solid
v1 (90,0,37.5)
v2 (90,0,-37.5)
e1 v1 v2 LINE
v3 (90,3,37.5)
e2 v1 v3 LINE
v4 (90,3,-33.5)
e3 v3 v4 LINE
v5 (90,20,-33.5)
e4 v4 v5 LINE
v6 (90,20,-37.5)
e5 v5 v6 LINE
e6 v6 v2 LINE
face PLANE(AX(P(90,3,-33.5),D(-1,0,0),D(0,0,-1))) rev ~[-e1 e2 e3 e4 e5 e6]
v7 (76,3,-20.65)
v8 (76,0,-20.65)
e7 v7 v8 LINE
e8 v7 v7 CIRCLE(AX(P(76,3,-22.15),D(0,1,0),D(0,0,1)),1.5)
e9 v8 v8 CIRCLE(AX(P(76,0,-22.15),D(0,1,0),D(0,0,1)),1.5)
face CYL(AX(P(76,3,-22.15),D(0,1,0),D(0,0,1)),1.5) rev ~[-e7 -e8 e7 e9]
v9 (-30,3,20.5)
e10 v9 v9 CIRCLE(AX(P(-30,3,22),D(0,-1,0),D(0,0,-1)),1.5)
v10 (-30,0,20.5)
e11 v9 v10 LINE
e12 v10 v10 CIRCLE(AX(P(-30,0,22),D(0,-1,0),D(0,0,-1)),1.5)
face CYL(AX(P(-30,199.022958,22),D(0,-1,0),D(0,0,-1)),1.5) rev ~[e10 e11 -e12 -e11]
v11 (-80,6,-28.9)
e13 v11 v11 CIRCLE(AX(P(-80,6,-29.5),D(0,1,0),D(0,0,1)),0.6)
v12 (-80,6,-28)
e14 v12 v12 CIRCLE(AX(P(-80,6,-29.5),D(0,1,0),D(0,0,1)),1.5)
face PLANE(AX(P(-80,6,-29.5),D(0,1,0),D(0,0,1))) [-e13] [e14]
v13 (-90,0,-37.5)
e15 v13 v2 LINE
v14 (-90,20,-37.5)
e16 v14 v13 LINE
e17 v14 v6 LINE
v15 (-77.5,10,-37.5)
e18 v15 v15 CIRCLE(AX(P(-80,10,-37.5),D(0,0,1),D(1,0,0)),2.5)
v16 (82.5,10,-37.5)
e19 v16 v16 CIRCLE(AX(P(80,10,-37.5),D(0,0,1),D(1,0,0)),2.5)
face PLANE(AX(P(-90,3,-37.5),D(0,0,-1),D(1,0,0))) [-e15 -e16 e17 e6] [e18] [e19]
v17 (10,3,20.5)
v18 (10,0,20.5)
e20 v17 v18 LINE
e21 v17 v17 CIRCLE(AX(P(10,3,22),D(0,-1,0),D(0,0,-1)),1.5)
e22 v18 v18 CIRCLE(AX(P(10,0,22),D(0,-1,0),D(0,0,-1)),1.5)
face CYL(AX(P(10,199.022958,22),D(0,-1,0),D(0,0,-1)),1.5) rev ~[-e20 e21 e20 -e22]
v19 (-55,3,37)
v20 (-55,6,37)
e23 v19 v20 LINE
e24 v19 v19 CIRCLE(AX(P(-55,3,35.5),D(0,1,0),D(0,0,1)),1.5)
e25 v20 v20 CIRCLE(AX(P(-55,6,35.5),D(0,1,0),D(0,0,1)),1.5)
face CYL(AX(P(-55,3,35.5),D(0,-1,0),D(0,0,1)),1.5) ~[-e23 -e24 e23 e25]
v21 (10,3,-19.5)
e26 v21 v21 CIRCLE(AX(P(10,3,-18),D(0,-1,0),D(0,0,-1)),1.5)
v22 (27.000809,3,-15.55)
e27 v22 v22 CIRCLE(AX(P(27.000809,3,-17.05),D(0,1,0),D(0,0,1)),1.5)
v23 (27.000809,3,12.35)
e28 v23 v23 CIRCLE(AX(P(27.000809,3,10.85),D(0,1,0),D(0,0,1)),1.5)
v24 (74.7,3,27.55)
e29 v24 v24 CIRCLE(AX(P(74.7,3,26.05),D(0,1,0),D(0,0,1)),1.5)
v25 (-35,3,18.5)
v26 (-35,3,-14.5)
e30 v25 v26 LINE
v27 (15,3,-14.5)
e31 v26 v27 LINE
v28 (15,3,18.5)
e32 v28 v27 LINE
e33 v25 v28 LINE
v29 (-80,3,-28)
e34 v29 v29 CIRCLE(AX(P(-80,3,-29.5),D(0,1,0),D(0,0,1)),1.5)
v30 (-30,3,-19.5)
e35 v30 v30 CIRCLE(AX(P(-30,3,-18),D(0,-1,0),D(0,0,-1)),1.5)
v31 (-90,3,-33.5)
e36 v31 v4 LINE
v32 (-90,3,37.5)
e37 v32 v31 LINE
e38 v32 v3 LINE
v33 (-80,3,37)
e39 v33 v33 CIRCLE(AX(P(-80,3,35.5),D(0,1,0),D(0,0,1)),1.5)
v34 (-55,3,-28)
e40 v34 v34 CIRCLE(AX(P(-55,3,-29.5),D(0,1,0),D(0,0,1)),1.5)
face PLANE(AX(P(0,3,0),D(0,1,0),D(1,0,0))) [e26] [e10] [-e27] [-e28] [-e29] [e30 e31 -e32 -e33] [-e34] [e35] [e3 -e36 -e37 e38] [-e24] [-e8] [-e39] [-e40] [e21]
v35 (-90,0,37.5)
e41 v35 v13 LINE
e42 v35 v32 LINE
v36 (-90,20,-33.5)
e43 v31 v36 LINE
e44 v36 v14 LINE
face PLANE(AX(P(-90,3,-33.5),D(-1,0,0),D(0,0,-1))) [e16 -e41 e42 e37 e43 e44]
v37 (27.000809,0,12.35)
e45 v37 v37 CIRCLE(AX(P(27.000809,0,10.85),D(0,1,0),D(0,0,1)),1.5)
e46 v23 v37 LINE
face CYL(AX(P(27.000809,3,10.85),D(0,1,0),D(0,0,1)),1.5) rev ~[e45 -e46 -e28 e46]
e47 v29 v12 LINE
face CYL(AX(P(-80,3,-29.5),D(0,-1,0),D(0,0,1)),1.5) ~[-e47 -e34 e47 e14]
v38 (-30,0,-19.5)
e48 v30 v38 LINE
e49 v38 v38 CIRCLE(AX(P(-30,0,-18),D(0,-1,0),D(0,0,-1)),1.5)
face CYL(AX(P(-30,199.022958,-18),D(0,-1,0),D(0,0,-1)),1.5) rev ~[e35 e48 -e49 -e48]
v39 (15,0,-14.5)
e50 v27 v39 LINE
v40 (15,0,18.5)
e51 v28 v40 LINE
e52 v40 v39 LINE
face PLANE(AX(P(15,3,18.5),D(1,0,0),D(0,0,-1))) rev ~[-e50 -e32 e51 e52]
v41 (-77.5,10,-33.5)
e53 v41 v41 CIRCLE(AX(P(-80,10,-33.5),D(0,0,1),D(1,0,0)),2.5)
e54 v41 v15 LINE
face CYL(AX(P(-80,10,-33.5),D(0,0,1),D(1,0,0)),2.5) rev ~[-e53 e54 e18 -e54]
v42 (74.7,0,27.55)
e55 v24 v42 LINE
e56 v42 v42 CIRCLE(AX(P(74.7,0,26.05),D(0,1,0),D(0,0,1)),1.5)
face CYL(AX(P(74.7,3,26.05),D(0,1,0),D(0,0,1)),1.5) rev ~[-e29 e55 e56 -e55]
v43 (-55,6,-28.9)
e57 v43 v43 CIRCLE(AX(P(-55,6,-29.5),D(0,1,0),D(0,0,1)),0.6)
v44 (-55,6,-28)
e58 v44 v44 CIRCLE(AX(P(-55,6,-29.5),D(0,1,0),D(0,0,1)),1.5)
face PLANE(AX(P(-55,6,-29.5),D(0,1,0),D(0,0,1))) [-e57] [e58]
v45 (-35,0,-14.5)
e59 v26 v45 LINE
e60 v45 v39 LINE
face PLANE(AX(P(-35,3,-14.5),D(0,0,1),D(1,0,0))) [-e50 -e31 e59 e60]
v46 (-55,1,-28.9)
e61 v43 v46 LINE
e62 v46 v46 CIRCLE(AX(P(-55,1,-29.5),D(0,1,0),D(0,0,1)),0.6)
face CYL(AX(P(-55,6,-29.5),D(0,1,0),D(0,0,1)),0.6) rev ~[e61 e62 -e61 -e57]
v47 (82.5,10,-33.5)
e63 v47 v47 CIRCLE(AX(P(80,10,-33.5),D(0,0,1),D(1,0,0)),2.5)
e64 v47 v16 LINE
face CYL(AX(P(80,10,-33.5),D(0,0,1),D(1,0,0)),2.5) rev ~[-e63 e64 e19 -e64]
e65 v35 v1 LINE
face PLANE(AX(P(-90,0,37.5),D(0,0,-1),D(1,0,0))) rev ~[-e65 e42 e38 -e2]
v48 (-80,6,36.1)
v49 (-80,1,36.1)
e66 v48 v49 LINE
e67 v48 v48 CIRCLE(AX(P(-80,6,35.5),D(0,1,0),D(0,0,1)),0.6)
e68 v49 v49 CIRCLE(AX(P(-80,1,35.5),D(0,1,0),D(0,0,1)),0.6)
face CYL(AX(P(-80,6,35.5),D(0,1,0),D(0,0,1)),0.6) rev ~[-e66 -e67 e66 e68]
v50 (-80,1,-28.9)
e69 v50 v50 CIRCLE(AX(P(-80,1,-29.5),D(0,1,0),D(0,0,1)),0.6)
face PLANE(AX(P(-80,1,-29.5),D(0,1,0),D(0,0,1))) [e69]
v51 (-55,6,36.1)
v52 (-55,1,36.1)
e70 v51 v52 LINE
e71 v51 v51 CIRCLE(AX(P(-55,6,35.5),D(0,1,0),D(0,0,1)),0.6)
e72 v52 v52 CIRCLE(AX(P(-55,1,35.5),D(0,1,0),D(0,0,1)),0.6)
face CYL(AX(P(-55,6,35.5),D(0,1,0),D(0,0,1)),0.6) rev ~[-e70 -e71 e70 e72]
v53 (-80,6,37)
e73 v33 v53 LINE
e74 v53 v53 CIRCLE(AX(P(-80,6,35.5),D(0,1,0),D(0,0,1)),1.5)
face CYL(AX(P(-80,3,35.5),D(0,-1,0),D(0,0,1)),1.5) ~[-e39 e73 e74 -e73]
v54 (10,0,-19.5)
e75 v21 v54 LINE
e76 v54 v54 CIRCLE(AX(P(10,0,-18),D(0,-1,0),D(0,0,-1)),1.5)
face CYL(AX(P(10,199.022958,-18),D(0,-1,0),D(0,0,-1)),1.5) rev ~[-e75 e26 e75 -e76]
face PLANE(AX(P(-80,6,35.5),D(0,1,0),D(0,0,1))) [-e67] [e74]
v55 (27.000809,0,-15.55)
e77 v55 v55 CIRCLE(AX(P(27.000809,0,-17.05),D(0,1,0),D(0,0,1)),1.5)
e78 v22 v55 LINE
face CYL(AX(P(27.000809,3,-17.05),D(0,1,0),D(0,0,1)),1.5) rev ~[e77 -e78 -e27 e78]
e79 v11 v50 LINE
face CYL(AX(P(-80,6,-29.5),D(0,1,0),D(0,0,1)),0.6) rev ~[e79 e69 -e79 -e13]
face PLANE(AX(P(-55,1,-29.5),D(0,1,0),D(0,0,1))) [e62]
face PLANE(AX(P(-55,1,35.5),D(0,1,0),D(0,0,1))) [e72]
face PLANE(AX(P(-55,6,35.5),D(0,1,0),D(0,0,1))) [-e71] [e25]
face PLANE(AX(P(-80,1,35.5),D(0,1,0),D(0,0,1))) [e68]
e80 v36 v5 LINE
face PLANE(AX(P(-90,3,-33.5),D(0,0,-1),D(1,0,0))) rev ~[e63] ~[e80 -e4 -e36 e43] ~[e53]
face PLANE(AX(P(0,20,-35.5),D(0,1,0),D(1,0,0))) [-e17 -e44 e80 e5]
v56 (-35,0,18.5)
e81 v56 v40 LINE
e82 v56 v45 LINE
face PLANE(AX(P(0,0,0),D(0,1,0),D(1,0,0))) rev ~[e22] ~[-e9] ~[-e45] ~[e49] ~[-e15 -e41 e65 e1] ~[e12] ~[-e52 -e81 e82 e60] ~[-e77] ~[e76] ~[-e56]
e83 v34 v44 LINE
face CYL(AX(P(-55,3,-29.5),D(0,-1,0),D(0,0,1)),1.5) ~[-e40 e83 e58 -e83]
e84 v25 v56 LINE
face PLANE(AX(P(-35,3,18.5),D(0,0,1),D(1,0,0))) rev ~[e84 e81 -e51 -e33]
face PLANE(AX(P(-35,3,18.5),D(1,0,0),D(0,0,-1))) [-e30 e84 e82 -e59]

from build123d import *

# Parameters (mm, degrees)
SKETCH1_W             = 180
SKETCH1_H             = 75
BOSS_EXTRUDE1_DEPTH   = 3
SKETCH2_W             = 180
SKETCH2_H             = 4
BOSS_EXTRUDE2_DEPTH   = 17
SKETCH3_R             = 1.5
BOSS_EXTRUDE3_DEPTH   = 3
SKETCH4_R             = 0.6
CUT_EXTRUDE1_DEPTH    = 5
SKETCH5_W             = 50
SKETCH5_H             = 33
CUT_EXTRUDE2_DEPTH    = 5
F_3_0MM_DOWEL_HOLE1_D = 3
CUT_EXTRUDE3_REACH    = 100.971
SKETCH8_R             = 1.5
CUT_EXTRUDE4_REACH    = 118.366
SKETCH9_R             = 2.5


with BuildPart() as part:
    # Sketch1 → Boss-Extrude1 (new body)
    with BuildSketch(Plane(origin=(0, 0, 0), x_dir=(1, 0, 0), z_dir=(0, 1, 0))):
        Rectangle(SKETCH1_W, SKETCH1_H)
    extrude(amount=BOSS_EXTRUDE1_DEPTH)

    # Sketch2 → Boss-Extrude2 (add)
    with BuildSketch(Plane(origin=(0, 3, 0), x_dir=(1, 0, 0), z_dir=(0, 1, 0))):
        with Locations((0, 35.5)):
            Rectangle(SKETCH2_W, SKETCH2_H)
    extrude(amount=BOSS_EXTRUDE2_DEPTH)

    # Sketch3 → Boss-Extrude3 (add)
    with BuildSketch(Plane(origin=(0, 3, 0), x_dir=(1, 0, 0), z_dir=(0, 1, 0))):
        with Locations(Location((-80, 29.5, 0), (0, 0, 270))):
            Circle(SKETCH3_R)
        with Locations(Location((-55, 29.5, 0), (0, 0, 270))):
            Circle(SKETCH3_R)
        with Locations(Location((-55, -35.5, 0), (0, 0, 270))):
            Circle(SKETCH3_R)
        with Locations(Location((-80, -35.5, 0), (0, 0, 270))):
            Circle(SKETCH3_R)
    extrude(amount=BOSS_EXTRUDE3_DEPTH)

    # Sketch4 → Cut-Extrude1 (cut)
    with BuildSketch(Plane(origin=(0, 6, 0), x_dir=(1, 0, 0), z_dir=(0, 1, 0))):
        with Locations(Location((-80, 29.5, 0), (0, 0, 270))):
            Circle(SKETCH4_R)
        with Locations(Location((-55, 29.5, 0), (0, 0, 270))):
            Circle(SKETCH4_R)
        with Locations(Location((-55, -35.5, 0), (0, 0, 270))):
            Circle(SKETCH4_R)
        with Locations(Location((-80, -35.5, 0), (0, 0, 270))):
            Circle(SKETCH4_R)
    extrude(amount=-CUT_EXTRUDE1_DEPTH, mode=Mode.SUBTRACT)

    # Sketch5 → Cut-Extrude2 (cut)
    with BuildSketch(Plane(origin=(0, 3, 0), x_dir=(1, 0, 0), z_dir=(0, 1, 0))):
        with Locations((-10, -2)):
            Rectangle(SKETCH5_W, SKETCH5_H)
    extrude(amount=-CUT_EXTRUDE2_DEPTH, mode=Mode.SUBTRACT)

    # Ø3.0mm Dowel Hole1 (through all)
    with Locations(Plane(origin=(-30, 3, -18), x_dir=(0, 0, 1), z_dir=(0, 1, 0))):
        with Locations((0, 0), (0, 40), (40, 40), (40, 0)):
            Hole(F_3_0MM_DOWEL_HOLE1_D / 2)

    # Sketch8 → Cut-Extrude3 (cut, up to next)
    with BuildSketch(Plane(origin=(0, 3, 0), x_dir=(1, 0, 0), z_dir=(0, 1, 0)), mode=Mode.PRIVATE) as cut_extrude3_sk1:
        with Locations(Location((76, 22.15, 0), (0, 0, 270))):
            Circle(SKETCH8_R)
    cut_extrude3_tool1 = extrude(cut_extrude3_sk1.sketch, amount=-CUT_EXTRUDE3_REACH, mode=Mode.PRIVATE) & part.part
    # Sketch8 → Cut-Extrude3 (cut, up to next)
    with BuildSketch(Plane(origin=(0, 3, 0), x_dir=(1, 0, 0), z_dir=(0, 1, 0)), mode=Mode.PRIVATE) as cut_extrude3_sk2:
        with Locations(Location((74.7, -26.05, 0), (0, 0, 270))):
            Circle(SKETCH8_R)
    cut_extrude3_tool2 = extrude(cut_extrude3_sk2.sketch, amount=-CUT_EXTRUDE3_REACH, mode=Mode.PRIVATE) & part.part
    # Sketch8 → Cut-Extrude3 (cut, up to next)
    with BuildSketch(Plane(origin=(0, 3, 0), x_dir=(1, 0, 0), z_dir=(0, 1, 0)), mode=Mode.PRIVATE) as cut_extrude3_sk3:
        with Locations(Location((27.000808713, -10.85, 0), (0, 0, 270))):
            Circle(SKETCH8_R)
    cut_extrude3_tool3 = extrude(cut_extrude3_sk3.sketch, amount=-CUT_EXTRUDE3_REACH, mode=Mode.PRIVATE) & part.part
    # Sketch8 → Cut-Extrude3 (cut, up to next)
    with BuildSketch(Plane(origin=(0, 3, 0), x_dir=(1, 0, 0), z_dir=(0, 1, 0)), mode=Mode.PRIVATE) as cut_extrude3_sk4:
        with Locations(Location((27.000808713, 17.05, 0), (0, 0, 270))):
            Circle(SKETCH8_R)
    cut_extrude3_tool4 = extrude(cut_extrude3_sk4.sketch, amount=-CUT_EXTRUDE3_REACH, mode=Mode.PRIVATE) & part.part
    add(cut_extrude3_tool1.solids().sort_by_distance((76, 3, -22.15))[0], mode=Mode.SUBTRACT)
    add(cut_extrude3_tool2.solids().sort_by_distance((74.7, 3, 26.05))[0], mode=Mode.SUBTRACT)
    add(cut_extrude3_tool3.solids().sort_by_distance((27.000809, 3, 10.85))[0], mode=Mode.SUBTRACT)
    add(cut_extrude3_tool4.solids().sort_by_distance((27.000809, 3, -17.05))[0], mode=Mode.SUBTRACT)

    # Sketch9 → Cut-Extrude4 (cut, up to next)
    with BuildSketch(Plane.XY.offset(-33.5), mode=Mode.PRIVATE) as cut_extrude4_sk1:
        with Locations((-80, 10)):
            Circle(SKETCH9_R)
    cut_extrude4_tool1 = extrude(cut_extrude4_sk1.sketch, amount=-CUT_EXTRUDE4_REACH, mode=Mode.PRIVATE) & part.part
    # Sketch9 → Cut-Extrude4 (cut, up to next)
    with BuildSketch(Plane.XY.offset(-33.5), mode=Mode.PRIVATE) as cut_extrude4_sk2:
        with Locations((80, 10)):
            Circle(SKETCH9_R)
    cut_extrude4_tool2 = extrude(cut_extrude4_sk2.sketch, amount=-CUT_EXTRUDE4_REACH, mode=Mode.PRIVATE) & part.part
    add(cut_extrude4_tool1.solids().sort_by_distance((-80, 10, -33.5))[0], mode=Mode.SUBTRACT)
    add(cut_extrude4_tool2.solids().sort_by_distance((80, 10, -33.5))[0], mode=Mode.SUBTRACT)


solid = part.part
